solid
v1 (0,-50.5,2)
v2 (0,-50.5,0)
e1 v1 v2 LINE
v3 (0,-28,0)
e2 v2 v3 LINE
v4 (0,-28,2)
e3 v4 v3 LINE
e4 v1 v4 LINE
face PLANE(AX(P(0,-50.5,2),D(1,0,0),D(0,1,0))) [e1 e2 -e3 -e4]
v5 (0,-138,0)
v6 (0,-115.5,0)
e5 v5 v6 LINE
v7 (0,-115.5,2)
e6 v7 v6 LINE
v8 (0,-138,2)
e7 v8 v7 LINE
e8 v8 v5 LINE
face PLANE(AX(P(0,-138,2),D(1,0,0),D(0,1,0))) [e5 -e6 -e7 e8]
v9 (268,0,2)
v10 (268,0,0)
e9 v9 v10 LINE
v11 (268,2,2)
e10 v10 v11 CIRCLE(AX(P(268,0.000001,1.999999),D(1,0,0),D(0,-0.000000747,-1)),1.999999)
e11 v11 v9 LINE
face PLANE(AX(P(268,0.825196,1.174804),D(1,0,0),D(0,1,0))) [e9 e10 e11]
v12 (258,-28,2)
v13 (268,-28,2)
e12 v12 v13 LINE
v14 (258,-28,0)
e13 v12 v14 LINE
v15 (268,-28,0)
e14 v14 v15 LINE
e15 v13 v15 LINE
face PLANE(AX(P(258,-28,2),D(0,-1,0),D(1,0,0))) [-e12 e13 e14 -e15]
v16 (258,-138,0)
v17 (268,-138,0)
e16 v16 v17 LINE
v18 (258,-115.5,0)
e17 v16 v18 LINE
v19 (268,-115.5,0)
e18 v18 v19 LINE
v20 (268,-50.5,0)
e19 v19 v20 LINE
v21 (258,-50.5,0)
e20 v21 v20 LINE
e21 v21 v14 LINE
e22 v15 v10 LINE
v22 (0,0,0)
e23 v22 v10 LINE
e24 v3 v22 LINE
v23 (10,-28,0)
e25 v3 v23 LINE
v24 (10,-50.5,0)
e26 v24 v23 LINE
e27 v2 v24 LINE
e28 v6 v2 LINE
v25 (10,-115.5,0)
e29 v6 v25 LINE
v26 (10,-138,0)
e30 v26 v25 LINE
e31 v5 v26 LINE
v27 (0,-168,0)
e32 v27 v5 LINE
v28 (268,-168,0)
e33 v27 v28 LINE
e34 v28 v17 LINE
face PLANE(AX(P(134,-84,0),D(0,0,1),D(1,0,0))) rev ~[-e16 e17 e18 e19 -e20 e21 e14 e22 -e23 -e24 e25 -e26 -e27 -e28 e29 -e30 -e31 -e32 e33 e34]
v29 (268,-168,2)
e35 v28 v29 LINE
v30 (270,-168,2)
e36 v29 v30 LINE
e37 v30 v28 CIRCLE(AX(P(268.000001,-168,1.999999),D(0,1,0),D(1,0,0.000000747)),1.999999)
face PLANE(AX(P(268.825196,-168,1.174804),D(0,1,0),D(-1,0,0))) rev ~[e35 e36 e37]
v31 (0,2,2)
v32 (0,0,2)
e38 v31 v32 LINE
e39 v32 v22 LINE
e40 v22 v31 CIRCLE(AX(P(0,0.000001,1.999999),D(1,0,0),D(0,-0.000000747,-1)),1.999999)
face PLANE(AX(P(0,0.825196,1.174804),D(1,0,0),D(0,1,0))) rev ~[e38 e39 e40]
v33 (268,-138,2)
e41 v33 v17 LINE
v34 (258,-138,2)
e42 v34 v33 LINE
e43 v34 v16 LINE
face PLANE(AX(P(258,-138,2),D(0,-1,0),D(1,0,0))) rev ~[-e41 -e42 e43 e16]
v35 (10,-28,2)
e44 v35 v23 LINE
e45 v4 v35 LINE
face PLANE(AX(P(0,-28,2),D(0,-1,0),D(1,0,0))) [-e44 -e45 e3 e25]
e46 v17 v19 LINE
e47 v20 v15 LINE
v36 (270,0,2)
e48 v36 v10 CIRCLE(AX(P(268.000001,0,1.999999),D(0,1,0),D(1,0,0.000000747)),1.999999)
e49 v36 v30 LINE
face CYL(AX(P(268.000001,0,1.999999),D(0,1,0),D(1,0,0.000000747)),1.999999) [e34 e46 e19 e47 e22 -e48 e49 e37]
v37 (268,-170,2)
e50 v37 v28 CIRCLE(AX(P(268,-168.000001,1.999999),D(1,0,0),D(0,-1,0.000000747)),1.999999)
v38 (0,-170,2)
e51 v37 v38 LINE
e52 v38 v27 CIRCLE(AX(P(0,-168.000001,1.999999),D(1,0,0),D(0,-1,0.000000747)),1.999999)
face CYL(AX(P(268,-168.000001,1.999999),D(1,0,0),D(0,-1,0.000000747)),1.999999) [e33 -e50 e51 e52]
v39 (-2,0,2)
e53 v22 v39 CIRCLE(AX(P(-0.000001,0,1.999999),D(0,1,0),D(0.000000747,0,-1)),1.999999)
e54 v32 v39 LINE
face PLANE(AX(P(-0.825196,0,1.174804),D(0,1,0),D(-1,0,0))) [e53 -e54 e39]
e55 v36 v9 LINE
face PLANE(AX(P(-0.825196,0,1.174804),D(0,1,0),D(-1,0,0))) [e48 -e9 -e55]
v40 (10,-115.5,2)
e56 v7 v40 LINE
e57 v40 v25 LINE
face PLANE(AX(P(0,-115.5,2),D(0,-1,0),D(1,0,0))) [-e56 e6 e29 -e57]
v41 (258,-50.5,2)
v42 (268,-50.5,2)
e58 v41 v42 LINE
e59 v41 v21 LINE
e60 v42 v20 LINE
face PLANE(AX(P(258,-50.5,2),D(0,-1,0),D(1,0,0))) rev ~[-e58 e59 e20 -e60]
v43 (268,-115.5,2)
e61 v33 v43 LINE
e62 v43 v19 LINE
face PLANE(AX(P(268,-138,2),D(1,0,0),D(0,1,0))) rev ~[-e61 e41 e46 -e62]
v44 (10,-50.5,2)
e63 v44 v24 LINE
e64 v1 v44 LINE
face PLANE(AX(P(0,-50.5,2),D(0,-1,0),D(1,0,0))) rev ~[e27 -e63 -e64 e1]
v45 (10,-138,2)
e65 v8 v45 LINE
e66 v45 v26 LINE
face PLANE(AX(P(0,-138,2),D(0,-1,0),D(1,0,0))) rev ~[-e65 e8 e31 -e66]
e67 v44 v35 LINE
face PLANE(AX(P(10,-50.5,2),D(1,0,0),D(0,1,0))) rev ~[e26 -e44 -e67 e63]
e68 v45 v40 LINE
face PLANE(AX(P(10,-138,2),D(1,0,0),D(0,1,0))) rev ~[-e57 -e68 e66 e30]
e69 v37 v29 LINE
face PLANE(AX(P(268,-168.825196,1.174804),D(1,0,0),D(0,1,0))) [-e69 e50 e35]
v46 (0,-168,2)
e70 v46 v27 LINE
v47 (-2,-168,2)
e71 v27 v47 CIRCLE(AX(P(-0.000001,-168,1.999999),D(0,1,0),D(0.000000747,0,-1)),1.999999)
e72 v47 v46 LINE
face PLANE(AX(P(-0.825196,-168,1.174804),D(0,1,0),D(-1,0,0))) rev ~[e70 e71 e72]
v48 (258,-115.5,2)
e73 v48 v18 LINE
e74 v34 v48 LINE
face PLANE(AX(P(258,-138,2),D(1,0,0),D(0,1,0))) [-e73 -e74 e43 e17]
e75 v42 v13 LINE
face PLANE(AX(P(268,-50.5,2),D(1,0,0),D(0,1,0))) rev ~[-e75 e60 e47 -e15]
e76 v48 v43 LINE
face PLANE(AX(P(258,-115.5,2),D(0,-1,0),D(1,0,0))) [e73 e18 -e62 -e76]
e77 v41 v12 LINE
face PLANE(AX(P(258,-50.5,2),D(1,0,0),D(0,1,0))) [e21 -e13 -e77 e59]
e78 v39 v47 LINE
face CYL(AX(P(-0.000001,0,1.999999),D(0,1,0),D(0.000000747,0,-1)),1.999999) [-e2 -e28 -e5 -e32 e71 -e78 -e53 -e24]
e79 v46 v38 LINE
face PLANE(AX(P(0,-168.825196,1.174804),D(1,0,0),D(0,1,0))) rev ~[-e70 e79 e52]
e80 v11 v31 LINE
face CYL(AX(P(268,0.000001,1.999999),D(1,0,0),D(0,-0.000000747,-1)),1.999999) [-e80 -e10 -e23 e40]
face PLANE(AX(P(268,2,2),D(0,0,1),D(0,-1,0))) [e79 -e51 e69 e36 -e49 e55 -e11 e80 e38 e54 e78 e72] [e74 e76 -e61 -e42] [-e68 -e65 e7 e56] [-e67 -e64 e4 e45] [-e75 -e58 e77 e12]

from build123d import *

# Parameters (mm, degrees)
F0_W     = 268
F0_H     = 168
F1_DEPTH = 2
F3_DEPTH = 268
F6_DEPTH = 168
F7_DEPTH = 268
F8_W     = 10
F8_H     = 22.5
F9_DEPTH = 25


with BuildPart() as f1:
    # F0 (on Top) → F1 (new body)
    with BuildSketch(Plane.XY):
        with Locations((134, -84)):
            Rectangle(F0_W, F0_H)
    extrude(amount=F1_DEPTH)

    # F2 (on face) → F3 (join)
    with BuildSketch(Plane.YZ.offset(268)):
        with BuildLine():
            Line((-168, 2), (-170, 2))
            ThreePointArc((-170, 2), (-169.414214, 0.585786), (-168, 0))
            Line((-168, 0), (-168, 2))
        make_face()
    extrude(amount=-F3_DEPTH)

    # F4 (on face) → F6 (join)
    with BuildSketch(Plane(origin=(0, 0, 0), x_dir=(-1, 0, 0), z_dir=(0, 1, 0))):
        with BuildLine():
            Line((0, 2), (0, 0))
            ThreePointArc((0, 0), (1.414214, 0.585786), (2, 2))
            Line((2, 2), (0, 2))
        make_face()
        with BuildLine():
            Line((-268, 2), (-270, 2))
            ThreePointArc((-270, 2), (-269.414214, 0.585786), (-268, 0))
            Line((-268, 0), (-268, 2))
        make_face()
    extrude(amount=-F6_DEPTH)

    # F5 (on face) → F7 (join)
    with BuildSketch(Plane.YZ.offset(268)):
        with BuildLine():
            Line((0, 2), (0, 0))
            ThreePointArc((0, 0), (1.414214, 0.585786), (2, 2))
            Line((2, 2), (0, 2))
        make_face()
    extrude(amount=-F7_DEPTH)

    # F8 (on face) → F9 (cut)
    with BuildSketch(Plane.XY.offset(2)):
        with Locations((263, -39.25)):
            Rectangle(F8_W, F8_H)
        with Locations((263, -126.75)):
            Rectangle(F8_W, F8_H)
        with Locations((5, -126.75)):
            Rectangle(F8_W, F8_H)
        with Locations((5, -39.25)):
            Rectangle(F8_W, F8_H)
    extrude(amount=-F9_DEPTH, mode=Mode.SUBTRACT)


solid = f1.part
